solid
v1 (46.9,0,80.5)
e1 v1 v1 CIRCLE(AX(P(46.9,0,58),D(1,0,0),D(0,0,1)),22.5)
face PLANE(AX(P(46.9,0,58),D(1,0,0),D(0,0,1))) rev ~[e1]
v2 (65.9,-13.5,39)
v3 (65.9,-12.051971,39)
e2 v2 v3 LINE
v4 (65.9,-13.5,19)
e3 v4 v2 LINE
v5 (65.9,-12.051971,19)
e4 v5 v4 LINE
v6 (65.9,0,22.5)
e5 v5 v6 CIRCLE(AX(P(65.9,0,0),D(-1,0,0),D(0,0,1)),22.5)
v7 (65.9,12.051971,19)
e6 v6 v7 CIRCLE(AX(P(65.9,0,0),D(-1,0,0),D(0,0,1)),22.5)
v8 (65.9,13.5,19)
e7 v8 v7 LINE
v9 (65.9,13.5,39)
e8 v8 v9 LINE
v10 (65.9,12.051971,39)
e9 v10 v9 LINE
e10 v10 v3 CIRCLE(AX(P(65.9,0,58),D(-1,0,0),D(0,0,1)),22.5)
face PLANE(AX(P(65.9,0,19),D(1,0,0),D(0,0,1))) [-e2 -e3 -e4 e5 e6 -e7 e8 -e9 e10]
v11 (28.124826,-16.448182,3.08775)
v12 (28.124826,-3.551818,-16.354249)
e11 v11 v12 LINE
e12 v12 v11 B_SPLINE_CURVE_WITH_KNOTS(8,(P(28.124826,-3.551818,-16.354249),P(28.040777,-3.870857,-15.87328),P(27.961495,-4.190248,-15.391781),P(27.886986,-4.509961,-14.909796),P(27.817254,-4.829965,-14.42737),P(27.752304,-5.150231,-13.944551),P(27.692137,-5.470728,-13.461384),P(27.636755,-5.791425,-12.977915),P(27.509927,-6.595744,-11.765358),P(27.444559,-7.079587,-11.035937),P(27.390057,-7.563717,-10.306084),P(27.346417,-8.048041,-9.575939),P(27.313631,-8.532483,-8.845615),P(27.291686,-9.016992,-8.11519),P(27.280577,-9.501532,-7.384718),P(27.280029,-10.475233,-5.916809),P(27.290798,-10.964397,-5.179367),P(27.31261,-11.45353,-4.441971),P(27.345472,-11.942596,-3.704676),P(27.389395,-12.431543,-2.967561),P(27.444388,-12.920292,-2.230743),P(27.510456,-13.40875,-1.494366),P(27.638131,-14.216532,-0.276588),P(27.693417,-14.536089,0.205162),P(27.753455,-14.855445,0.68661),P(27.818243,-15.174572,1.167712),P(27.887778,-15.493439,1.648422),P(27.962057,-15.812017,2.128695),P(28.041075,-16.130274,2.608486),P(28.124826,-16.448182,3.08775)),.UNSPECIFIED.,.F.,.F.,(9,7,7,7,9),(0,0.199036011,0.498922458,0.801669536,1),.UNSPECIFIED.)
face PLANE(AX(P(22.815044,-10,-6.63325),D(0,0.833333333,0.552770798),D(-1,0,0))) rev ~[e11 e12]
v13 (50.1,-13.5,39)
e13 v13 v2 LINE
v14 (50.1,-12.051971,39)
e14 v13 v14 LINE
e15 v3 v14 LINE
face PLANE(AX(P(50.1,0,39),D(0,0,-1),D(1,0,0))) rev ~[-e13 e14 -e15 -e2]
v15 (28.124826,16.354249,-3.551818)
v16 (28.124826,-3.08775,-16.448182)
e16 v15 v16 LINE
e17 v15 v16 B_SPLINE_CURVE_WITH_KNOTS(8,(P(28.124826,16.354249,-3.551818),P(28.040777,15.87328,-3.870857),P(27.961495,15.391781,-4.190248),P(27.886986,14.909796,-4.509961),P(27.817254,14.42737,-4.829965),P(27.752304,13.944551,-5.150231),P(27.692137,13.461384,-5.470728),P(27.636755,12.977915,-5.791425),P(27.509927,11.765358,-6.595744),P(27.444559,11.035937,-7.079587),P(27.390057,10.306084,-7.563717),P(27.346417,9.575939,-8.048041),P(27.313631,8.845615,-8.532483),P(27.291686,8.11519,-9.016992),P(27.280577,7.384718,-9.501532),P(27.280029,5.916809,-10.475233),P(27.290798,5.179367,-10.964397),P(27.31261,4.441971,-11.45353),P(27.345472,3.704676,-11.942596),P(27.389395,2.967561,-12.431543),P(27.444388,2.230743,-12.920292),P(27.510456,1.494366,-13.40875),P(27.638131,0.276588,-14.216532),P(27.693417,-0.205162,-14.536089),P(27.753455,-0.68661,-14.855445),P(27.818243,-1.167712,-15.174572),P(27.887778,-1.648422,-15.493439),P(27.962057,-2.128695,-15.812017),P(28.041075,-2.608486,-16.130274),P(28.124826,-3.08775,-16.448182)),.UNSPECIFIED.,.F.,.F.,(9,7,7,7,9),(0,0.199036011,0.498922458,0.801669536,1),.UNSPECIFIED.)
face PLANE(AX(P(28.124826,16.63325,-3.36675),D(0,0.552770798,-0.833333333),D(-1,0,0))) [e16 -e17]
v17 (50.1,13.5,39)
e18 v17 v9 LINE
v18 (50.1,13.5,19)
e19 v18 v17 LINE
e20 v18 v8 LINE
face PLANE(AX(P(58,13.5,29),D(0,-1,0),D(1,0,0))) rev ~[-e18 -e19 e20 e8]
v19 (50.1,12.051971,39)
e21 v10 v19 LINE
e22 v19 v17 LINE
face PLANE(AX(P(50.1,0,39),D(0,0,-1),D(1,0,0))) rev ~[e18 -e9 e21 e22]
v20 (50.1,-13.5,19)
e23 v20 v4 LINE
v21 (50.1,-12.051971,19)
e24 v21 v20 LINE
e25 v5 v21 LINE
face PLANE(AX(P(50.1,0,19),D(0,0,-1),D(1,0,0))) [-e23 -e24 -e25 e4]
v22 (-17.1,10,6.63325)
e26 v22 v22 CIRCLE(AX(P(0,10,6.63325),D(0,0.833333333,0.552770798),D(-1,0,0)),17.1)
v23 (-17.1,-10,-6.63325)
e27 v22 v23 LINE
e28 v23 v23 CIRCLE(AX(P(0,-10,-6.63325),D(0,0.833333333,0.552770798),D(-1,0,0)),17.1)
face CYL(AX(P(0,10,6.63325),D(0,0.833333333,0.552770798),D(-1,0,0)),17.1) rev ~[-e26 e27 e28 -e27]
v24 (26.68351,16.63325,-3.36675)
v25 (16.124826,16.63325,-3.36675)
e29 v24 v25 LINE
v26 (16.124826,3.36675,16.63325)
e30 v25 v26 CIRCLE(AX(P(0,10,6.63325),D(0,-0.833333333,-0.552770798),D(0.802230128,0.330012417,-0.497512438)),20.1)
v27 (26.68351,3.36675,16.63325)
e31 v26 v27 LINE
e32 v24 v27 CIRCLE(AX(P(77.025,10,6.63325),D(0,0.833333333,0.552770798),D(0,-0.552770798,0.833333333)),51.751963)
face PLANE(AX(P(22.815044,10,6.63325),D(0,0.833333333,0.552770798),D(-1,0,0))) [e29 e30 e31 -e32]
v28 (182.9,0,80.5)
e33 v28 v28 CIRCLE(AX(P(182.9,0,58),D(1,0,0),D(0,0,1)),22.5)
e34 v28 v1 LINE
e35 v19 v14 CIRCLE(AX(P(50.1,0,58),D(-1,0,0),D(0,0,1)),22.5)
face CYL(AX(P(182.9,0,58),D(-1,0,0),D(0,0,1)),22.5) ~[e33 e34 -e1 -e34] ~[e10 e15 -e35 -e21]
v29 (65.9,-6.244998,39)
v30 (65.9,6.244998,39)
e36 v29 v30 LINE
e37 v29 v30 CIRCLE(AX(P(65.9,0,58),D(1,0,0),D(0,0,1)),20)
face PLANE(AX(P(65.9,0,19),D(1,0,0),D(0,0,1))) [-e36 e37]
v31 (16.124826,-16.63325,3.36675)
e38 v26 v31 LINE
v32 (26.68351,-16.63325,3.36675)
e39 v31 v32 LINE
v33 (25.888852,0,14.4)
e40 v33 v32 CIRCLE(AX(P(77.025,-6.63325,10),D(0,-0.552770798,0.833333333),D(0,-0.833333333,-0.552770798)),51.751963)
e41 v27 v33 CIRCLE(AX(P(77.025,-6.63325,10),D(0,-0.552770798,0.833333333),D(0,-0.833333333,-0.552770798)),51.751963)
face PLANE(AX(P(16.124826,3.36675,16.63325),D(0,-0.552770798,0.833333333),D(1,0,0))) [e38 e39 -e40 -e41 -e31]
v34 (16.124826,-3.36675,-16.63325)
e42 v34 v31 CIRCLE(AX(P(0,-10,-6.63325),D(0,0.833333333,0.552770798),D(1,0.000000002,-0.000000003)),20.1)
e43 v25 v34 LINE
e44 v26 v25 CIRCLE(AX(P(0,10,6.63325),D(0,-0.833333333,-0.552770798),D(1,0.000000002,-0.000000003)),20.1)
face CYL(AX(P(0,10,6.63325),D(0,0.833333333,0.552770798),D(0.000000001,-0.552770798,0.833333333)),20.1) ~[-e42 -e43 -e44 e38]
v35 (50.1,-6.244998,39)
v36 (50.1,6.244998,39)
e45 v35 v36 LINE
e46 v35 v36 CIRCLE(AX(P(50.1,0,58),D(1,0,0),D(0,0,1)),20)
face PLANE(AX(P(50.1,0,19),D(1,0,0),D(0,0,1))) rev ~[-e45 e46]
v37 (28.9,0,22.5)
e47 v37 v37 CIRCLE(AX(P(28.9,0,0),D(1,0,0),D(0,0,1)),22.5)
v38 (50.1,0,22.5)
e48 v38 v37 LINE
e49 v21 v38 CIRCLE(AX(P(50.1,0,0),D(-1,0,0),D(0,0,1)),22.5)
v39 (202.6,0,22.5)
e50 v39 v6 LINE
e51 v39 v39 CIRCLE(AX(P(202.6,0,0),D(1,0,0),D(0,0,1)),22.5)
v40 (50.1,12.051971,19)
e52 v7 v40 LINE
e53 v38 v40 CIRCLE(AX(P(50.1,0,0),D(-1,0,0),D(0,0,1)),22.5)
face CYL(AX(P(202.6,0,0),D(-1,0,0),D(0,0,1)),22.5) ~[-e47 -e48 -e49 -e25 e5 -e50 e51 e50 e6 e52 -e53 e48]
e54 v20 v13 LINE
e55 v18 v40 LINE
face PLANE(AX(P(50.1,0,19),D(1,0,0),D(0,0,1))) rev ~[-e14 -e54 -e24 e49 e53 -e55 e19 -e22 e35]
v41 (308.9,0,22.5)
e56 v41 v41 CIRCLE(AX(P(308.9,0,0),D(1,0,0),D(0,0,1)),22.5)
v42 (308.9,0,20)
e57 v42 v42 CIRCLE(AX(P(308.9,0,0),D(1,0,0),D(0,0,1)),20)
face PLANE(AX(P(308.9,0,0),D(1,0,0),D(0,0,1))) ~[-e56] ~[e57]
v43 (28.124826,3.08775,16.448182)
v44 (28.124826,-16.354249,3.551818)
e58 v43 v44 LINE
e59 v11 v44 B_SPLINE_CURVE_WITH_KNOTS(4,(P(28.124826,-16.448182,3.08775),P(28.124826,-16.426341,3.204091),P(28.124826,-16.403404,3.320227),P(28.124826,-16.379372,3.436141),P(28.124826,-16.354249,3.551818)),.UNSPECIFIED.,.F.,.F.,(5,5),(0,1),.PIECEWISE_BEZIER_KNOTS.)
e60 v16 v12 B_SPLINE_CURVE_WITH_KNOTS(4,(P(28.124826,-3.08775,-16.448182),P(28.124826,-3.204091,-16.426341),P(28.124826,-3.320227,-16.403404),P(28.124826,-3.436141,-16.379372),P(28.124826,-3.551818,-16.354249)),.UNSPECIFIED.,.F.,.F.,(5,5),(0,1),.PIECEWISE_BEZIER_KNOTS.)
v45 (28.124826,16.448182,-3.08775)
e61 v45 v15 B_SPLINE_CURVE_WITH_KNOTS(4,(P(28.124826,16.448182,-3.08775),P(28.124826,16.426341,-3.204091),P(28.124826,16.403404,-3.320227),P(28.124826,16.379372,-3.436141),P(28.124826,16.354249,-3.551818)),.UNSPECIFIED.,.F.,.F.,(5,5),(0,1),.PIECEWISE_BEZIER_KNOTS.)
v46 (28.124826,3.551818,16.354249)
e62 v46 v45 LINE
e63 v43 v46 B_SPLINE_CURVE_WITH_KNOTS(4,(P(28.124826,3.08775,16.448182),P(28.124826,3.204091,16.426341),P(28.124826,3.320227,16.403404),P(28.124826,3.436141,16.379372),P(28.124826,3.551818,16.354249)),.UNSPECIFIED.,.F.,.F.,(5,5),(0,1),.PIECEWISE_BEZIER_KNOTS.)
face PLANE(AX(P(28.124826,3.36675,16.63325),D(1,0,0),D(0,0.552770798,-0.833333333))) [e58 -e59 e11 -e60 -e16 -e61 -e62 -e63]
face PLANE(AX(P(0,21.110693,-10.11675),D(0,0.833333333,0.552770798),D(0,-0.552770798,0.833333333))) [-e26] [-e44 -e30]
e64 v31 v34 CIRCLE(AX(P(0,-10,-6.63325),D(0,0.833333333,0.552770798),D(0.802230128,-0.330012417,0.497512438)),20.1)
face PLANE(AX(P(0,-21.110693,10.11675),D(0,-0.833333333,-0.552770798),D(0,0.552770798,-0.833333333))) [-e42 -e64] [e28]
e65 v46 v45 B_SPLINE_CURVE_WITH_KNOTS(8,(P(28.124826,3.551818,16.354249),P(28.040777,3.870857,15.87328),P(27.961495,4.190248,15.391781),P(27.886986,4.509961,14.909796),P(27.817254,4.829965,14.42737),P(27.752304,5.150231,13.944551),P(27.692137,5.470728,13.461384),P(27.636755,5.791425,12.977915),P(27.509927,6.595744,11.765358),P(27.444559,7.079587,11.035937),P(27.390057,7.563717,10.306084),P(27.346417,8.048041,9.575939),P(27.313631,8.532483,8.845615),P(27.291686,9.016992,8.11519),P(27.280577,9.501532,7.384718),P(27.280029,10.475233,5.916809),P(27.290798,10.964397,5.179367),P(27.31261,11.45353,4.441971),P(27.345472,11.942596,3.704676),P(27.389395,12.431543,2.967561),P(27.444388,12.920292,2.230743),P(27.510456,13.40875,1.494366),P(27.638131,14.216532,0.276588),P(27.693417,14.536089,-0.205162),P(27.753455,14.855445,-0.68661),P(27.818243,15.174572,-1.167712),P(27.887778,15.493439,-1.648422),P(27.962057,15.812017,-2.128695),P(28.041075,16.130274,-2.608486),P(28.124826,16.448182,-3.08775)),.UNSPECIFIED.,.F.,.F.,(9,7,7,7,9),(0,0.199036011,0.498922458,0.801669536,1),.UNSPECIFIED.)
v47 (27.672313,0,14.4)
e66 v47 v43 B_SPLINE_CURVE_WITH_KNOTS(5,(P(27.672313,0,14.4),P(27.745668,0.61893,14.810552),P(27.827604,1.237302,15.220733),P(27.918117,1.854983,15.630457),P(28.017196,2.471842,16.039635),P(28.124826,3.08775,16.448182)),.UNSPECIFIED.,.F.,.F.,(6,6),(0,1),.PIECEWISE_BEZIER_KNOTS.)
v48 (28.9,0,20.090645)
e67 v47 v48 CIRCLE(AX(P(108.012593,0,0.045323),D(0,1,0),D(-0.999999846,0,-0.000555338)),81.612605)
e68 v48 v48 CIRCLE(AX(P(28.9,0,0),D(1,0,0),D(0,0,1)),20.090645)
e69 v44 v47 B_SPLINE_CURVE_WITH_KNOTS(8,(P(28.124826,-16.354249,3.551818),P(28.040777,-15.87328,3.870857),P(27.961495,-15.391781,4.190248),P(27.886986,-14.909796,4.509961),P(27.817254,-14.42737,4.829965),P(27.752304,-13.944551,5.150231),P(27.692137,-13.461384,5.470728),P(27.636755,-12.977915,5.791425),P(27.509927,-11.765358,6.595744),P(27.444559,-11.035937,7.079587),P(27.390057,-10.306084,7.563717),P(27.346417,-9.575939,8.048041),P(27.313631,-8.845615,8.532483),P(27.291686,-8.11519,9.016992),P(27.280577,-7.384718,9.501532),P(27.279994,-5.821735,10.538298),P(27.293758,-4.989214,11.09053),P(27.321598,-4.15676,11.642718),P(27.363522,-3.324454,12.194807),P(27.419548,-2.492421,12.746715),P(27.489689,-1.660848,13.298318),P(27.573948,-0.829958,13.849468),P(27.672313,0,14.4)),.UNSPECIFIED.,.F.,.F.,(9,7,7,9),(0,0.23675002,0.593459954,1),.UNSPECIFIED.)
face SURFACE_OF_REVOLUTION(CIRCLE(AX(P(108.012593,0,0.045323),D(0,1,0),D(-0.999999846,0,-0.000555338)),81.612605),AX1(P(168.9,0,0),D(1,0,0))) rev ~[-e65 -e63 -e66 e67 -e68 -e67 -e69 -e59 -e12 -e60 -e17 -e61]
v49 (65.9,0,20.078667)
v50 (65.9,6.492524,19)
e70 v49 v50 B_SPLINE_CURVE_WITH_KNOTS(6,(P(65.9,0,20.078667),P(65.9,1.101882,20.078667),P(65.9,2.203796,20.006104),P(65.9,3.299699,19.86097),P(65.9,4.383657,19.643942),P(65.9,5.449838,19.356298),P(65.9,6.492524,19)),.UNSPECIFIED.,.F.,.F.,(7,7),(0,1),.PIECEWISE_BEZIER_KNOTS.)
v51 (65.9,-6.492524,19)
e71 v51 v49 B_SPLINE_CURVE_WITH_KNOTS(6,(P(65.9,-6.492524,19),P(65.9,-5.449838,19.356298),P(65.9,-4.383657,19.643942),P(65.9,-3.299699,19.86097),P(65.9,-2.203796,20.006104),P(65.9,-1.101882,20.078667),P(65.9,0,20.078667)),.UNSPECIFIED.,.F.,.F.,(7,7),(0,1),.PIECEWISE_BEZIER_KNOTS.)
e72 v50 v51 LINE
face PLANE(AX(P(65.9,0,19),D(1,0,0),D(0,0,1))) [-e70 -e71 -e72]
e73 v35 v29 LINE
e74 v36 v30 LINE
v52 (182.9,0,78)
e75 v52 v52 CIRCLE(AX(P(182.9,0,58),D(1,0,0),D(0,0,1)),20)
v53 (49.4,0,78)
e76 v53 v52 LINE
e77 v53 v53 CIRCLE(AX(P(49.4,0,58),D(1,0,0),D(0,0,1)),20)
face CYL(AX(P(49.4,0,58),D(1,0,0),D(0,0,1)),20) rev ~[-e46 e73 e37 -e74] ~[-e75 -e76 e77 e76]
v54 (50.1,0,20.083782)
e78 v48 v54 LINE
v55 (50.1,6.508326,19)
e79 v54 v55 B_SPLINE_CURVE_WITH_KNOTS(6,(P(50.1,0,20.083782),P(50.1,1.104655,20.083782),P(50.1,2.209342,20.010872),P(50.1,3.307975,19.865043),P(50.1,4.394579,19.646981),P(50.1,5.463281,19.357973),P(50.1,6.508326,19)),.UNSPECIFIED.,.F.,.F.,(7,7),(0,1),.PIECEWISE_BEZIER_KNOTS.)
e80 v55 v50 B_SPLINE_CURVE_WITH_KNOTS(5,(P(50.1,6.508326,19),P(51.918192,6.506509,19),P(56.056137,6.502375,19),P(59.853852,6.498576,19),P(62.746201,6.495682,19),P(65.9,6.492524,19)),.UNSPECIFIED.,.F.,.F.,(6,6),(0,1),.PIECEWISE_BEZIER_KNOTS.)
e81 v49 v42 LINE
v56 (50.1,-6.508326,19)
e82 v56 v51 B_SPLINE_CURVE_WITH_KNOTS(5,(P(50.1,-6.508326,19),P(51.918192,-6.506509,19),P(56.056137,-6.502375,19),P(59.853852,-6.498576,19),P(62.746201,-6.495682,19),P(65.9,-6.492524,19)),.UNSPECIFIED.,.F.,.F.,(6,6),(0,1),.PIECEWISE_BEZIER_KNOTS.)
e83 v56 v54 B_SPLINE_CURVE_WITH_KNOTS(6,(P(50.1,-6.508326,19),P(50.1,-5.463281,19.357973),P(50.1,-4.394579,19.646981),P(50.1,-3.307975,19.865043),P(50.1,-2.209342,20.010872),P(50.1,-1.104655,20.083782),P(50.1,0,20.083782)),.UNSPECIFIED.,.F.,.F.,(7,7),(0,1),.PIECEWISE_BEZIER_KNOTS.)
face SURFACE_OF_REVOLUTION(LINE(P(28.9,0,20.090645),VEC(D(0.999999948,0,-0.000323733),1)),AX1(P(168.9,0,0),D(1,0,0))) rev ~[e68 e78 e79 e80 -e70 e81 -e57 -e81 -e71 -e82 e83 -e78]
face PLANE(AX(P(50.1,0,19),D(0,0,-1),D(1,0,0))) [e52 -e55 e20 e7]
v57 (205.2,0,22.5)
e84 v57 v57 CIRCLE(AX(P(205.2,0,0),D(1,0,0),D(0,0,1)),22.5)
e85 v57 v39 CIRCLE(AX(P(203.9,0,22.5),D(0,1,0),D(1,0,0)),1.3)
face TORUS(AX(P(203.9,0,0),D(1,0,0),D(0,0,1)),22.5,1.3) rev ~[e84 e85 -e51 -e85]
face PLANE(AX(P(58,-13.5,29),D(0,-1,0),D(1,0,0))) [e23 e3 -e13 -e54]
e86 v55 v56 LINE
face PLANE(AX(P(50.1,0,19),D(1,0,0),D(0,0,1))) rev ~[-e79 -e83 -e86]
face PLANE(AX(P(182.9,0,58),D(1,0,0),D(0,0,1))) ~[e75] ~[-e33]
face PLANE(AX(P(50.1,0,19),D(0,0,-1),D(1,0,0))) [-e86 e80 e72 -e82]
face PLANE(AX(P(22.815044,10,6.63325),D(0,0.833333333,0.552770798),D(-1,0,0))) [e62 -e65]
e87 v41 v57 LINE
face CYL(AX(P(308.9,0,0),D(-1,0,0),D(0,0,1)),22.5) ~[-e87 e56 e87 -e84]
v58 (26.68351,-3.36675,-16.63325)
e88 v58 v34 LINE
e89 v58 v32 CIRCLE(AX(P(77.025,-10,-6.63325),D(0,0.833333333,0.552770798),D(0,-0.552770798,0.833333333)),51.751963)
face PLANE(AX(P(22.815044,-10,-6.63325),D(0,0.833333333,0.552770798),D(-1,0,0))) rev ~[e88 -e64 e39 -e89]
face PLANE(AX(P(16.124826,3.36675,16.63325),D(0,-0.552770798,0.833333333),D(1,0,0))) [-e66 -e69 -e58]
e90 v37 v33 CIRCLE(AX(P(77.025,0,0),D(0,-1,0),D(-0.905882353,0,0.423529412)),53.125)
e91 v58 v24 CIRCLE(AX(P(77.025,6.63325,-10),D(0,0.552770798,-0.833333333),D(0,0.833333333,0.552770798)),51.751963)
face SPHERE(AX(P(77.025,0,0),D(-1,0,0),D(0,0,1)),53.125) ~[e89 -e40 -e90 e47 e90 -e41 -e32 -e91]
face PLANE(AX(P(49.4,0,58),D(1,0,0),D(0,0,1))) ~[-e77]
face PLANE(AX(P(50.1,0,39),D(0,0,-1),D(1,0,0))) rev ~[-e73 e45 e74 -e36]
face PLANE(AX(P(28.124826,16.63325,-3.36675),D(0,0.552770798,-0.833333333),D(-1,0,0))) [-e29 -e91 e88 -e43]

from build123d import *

# Parameters (mm, degrees)
F4_W      = 15.8
F4_H      = 20
F5_DEPTH  = 13.5
F7_DEPTH  = 20.1
F8_R      = 17.1
F9_DEPTH  = 25
F11_DEPTH = 24


with BuildPart() as f1:
    # F0 (on Front) → F1 (revolve)
    with BuildSketch(Plane.XZ):
        with BuildLine():
            Line((28.9, 20.0906451762), (308.9, 20))
            Line((308.9, 20), (308.9, 22.5))
            Line((308.9, 22.5), (205.2, 22.5))
            ThreePointArc((205.2, 22.5), (203.9, 21.2), (202.6, 22.5))
            Line((202.6, 22.5), (28.9, 22.5))
            Line((28.9, 22.5), (28.9, 20.0906451762))
        make_face()
        with BuildLine():
            ThreePointArc((26.400000374, 0), (27.0246011146, 10.1231447503), (28.9, 20.0906451762))
            Line((28.9, 20.0906451762), (28.9, 22.5))
            ThreePointArc((28.9, 22.5), (25.1650624277, 11.5244305716), (23.9, 0))
            Line((23.9, 0), (26.400000374, 0))
        make_face()
    revolve(axis=Axis((168.9, 0, 0), (1, 0, 0)))



with BuildPart() as f3:
    # F2 (on Front) → F3 (revolve)
    with BuildSketch(Plane.XZ):
        Polygon((49.4, 78), (182.9, 78), (182.9, 80.5), (46.9, 80.5), (46.9, 58), (49.4, 58), align=None)
    revolve(axis=Axis((114.9, 0, 58), (1, 0, 0)))


with BuildPart() as f1_1:
    add(f1.part)

    add(f3.part)  # F5 merges F3
    # F4 (on Front) → F5 (join, symmetric)
    with BuildSketch(Plane.XZ):
        with Locations((58, 29)):
            Rectangle(F4_W, F4_H)
    extrude(amount=F5_DEPTH, both=True)



with BuildPart() as f7:
    # F6 (on Right) → F7 (new body, symmetric)
    with BuildSketch(Plane.YZ):
        Polygon((-1.1106930477, 23.3832495807), (-21.1106930477, 10.1167504193), (1.1106930477, -23.3832495807), (21.1106930477, -10.1167504193), align=None)
    extrude(amount=F7_DEPTH, both=True)

    # F8 (on face) → F9 (cut)
    with BuildSketch(Plane(origin=(0, 10, 6.6332495807), x_dir=(-1, 0, 0), z_dir=(0, 0.8333333333, 0.5527707984))):
        with BuildLine():
            Line((-20.1, -20.1), (4.99e-08, -20.1))
            ThreePointArc((4.99e-08, -20.1), (-14.2128462562, -14.2128463475), (-20.1, -7.91e-08))
            Line((-20.1, -7.91e-08), (-20.1, -20.1))
        make_face()
        with BuildLine():
            Line((20.1, -20.1), (20.1, 0))
            ThreePointArc((20.1, 0), (14.2128463195, -14.2128462842), (4.99e-08, -20.1))
            Line((4.99e-08, -20.1), (20.1, -20.1))
        make_face()
        with BuildLine():
            ThreePointArc((-1.76e-08, 20.1), (14.2128462956, 14.2128463081), (20.1, 0))
            Line((20.1, 0), (20.1, 20.1))
            Line((20.1, 20.1), (-1.76e-08, 20.1))
        make_face()
        with BuildLine():
            ThreePointArc((-20.1, -7.91e-08), (-14.212846336, 14.2128462677), (-1.76e-08, 20.1))
            Line((-1.76e-08, 20.1), (-20.1, 20.1))
            Line((-20.1, 20.1), (-20.1, -7.91e-08))
        make_face()
        Circle(F8_R)
    extrude(amount=-F9_DEPTH, mode=Mode.SUBTRACT)


with BuildPart() as f1_2:
    add(f1_1.part)

    add(f7.part)  # F11 merges F7
    # F10 (on face) → F11 (join)
    with BuildSketch(Plane(origin=(0, 10, 6.6332495807), x_dir=(-1, 0, 0), z_dir=(0, 0.8333333333, 0.5527707984))):
        with BuildLine():
            ThreePointArc((-16.1248255805, -12), (-20.1, 0), (-16.1248255805, 12))
            Line((-16.1248255805, 12), (-28.1248255805, 12))
            Line((-28.1248255805, 12), (-28.1248255805, -12))
            Line((-28.1248255805, -12), (-16.1248255805, -12))
        make_face()
    extrude(amount=-F11_DEPTH)


solid = f1_2.part
